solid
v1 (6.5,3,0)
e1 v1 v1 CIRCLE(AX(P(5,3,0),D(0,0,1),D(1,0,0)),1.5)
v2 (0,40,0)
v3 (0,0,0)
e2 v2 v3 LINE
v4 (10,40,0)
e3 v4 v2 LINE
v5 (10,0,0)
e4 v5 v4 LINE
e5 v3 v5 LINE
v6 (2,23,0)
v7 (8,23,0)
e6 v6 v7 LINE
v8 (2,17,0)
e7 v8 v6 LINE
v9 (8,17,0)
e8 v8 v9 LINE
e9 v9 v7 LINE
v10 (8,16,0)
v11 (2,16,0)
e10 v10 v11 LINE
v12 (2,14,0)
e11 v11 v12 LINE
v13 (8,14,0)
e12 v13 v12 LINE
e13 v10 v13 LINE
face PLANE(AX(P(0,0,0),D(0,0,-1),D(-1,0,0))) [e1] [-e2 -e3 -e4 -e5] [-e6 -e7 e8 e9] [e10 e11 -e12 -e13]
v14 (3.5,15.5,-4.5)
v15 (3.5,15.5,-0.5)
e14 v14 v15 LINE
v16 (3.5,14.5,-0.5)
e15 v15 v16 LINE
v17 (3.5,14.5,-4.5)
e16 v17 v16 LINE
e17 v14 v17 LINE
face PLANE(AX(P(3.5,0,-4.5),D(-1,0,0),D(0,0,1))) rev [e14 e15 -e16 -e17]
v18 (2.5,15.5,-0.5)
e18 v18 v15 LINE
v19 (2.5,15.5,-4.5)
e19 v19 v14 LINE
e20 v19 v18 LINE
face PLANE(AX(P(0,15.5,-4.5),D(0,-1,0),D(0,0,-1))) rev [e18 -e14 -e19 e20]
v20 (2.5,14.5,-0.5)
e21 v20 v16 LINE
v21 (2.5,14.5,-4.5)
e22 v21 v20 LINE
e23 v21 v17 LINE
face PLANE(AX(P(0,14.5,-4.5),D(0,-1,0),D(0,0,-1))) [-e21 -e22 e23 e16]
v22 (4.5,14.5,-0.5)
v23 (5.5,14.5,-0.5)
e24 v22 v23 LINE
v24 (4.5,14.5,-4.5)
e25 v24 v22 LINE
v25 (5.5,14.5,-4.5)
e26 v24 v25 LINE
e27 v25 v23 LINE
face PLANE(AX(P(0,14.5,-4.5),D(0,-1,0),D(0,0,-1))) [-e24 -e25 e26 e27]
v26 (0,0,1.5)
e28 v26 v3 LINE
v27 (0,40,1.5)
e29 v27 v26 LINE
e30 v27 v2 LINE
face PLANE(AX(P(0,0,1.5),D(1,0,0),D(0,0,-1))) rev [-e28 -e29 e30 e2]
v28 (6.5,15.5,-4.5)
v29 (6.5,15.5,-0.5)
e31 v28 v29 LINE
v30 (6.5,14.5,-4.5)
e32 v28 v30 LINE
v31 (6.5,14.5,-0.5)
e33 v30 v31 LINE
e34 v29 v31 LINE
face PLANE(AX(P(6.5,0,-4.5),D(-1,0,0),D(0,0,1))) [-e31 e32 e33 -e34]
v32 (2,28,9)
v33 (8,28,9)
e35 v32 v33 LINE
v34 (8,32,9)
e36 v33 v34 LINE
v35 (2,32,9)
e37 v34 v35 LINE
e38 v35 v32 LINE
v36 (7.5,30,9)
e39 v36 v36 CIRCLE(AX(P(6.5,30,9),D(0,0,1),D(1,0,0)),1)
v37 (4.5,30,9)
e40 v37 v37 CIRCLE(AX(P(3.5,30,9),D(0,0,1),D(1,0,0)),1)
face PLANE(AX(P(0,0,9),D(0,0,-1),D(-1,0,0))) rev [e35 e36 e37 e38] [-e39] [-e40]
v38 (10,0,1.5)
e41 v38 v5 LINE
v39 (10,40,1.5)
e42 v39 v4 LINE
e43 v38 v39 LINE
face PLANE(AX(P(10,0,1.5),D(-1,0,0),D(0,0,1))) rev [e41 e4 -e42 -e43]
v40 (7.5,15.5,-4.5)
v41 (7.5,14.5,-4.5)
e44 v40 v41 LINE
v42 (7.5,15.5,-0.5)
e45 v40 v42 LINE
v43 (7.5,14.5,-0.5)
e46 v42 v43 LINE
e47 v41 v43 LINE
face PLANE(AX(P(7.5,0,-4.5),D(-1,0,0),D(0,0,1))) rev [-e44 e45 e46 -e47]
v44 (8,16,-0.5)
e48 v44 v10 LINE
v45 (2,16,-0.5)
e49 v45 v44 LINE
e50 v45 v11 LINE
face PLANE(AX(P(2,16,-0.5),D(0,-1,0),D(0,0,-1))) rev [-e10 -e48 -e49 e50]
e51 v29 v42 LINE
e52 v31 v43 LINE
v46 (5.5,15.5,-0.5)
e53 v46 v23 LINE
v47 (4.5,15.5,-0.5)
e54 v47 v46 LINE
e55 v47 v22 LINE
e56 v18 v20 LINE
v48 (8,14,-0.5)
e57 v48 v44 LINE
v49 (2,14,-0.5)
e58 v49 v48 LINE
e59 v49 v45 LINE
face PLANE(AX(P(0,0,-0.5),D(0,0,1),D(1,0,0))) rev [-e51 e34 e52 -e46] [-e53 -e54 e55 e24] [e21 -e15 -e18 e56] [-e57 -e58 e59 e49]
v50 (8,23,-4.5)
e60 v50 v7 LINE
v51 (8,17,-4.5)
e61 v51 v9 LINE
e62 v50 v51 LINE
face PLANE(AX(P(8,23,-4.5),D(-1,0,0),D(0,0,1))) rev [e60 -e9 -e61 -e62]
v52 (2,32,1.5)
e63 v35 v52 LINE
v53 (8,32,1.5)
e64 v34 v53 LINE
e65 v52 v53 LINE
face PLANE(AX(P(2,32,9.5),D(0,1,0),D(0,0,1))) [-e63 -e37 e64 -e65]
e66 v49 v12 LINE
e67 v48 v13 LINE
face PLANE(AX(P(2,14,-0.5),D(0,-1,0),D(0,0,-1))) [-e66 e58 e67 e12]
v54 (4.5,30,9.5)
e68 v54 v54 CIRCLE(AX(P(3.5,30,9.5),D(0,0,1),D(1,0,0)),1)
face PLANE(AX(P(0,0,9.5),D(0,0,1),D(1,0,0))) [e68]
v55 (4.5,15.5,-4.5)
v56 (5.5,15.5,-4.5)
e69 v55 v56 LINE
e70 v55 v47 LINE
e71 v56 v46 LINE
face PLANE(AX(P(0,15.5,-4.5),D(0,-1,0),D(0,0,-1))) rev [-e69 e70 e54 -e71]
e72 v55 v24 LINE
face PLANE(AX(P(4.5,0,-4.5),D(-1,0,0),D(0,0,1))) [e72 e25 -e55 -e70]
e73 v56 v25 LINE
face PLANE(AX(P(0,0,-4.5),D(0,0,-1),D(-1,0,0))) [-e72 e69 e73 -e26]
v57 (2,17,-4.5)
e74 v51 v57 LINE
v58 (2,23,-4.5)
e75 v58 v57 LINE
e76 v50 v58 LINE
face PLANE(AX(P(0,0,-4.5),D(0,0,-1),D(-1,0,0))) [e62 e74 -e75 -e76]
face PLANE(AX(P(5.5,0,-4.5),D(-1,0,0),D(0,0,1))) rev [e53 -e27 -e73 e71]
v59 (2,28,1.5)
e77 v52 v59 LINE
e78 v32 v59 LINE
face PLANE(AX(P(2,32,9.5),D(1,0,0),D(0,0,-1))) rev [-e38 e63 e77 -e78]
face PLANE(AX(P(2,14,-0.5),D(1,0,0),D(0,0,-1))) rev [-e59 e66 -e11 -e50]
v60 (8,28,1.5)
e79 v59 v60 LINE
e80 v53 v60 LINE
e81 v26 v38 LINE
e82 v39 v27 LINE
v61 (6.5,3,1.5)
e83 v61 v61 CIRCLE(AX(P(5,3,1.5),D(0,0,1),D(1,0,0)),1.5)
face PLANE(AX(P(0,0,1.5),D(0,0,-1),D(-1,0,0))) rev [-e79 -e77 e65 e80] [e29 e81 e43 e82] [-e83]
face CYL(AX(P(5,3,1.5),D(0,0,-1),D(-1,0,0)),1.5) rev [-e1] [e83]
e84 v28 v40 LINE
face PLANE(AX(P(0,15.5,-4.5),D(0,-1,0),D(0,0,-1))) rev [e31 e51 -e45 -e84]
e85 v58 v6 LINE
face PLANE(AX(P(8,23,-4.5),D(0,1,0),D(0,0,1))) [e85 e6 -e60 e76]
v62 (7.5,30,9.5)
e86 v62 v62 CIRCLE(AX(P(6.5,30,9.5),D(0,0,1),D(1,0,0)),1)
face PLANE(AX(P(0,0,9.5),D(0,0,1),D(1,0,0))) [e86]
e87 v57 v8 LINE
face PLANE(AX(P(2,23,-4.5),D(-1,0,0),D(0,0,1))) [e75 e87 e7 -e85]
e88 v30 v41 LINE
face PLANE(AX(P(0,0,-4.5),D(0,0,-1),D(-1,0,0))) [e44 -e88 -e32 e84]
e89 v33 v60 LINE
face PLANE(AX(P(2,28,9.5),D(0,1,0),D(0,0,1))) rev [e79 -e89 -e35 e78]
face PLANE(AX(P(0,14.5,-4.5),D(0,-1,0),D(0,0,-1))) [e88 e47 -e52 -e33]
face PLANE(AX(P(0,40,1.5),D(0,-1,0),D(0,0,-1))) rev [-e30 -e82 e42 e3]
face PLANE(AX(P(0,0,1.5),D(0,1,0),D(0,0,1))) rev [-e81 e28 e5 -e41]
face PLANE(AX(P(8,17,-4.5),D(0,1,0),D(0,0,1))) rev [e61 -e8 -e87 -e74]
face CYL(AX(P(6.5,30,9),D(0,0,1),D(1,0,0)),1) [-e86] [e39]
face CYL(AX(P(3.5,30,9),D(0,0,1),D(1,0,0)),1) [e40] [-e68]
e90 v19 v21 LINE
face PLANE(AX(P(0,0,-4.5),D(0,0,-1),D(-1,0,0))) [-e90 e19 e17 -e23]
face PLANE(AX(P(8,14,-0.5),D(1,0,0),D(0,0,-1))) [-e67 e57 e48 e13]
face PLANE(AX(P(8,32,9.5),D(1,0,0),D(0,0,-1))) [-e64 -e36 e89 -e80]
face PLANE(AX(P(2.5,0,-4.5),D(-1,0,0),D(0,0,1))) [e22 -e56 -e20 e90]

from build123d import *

# Parameters (mm, degrees)
SKETCH_2_W          = 10
SKETCH_2_H          = 40
SKETCH_2_R          = 1.5
EXTRUDE_1_DEPTH     = 1.5
SKETCH_3_W          = 6
SKETCH_3_H          = 4
EXTRUDE_2_DEPTH     = 8
SKETCH_3_3_W        = 6
SKETCH_3_3_H        = 6
EXTRUDE_3_DEPTH     = 6
SKETCH_3_4_W        = 6
SKETCH_3_4_H        = 2
EXTRUDE_4_DEPTH     = 2
SKETCH_4_W          = 1
SKETCH_4_H          = 1
EXTRUDE_5_DEPTH     = 4
SKETCH_5_W          = 6
SKETCH_5_H          = 4
SKETCH_5_R          = 1
CUT_EXTRUDE_1_DEPTH = 0.5


with BuildPart() as part:
    # 草圖2 → 填料-伸長1 (new body)
    with BuildSketch(Plane.XY):
        with Locations((5, 20)):
            Rectangle(SKETCH_2_W, SKETCH_2_H)
        with Locations((5, 3)):
            Circle(SKETCH_2_R, mode=Mode.SUBTRACT)
    extrude(amount=EXTRUDE_1_DEPTH)

    # 草圖3 → 填料-伸長2 (add)
    with BuildSketch(Plane.XY.offset(1.5)):
        with Locations((5, 30)):
            Rectangle(SKETCH_3_W, SKETCH_3_H)
    extrude(amount=EXTRUDE_2_DEPTH)

    # 草圖3<3> → 填料-伸長3 (add)
    with BuildSketch(Plane.XY.offset(1.5)):
        with Locations((5, 20)):
            Rectangle(SKETCH_3_3_W, SKETCH_3_3_H)
    extrude(amount=-EXTRUDE_3_DEPTH)

    # 草圖3<4> → 填料-伸長4 (add)
    with BuildSketch(Plane.XY.offset(1.5)):
        with Locations((5, 15)):
            Rectangle(SKETCH_3_4_W, SKETCH_3_4_H)
    extrude(amount=-EXTRUDE_4_DEPTH)

    # 草圖4 → 填料-伸長5 (add)
    with BuildSketch(Plane(origin=(0, 0, -0.5), x_dir=(-1, 0, 0), z_dir=(0, 0, -1))):
        with Locations((-5, 15)):
            Rectangle(SKETCH_4_W, SKETCH_4_H)
        with Locations((-7, 15)):
            Rectangle(SKETCH_4_W, SKETCH_4_H)
        with Locations((-3, 15)):
            Rectangle(SKETCH_4_W, SKETCH_4_H)
    extrude(amount=EXTRUDE_5_DEPTH)

    # 草圖5 → 除料-伸長1 (cut)
    with BuildSketch(Plane.XY.offset(9.5)):
        with Locations((5, 30)):
            Rectangle(SKETCH_5_W, SKETCH_5_H)
        with Locations((3.5, 30)):
            Circle(SKETCH_5_R, mode=Mode.SUBTRACT)
        with Locations((6.5, 30)):
            Circle(SKETCH_5_R, mode=Mode.SUBTRACT)
    extrude(amount=-CUT_EXTRUDE_1_DEPTH, mode=Mode.SUBTRACT)


solid = part.part
